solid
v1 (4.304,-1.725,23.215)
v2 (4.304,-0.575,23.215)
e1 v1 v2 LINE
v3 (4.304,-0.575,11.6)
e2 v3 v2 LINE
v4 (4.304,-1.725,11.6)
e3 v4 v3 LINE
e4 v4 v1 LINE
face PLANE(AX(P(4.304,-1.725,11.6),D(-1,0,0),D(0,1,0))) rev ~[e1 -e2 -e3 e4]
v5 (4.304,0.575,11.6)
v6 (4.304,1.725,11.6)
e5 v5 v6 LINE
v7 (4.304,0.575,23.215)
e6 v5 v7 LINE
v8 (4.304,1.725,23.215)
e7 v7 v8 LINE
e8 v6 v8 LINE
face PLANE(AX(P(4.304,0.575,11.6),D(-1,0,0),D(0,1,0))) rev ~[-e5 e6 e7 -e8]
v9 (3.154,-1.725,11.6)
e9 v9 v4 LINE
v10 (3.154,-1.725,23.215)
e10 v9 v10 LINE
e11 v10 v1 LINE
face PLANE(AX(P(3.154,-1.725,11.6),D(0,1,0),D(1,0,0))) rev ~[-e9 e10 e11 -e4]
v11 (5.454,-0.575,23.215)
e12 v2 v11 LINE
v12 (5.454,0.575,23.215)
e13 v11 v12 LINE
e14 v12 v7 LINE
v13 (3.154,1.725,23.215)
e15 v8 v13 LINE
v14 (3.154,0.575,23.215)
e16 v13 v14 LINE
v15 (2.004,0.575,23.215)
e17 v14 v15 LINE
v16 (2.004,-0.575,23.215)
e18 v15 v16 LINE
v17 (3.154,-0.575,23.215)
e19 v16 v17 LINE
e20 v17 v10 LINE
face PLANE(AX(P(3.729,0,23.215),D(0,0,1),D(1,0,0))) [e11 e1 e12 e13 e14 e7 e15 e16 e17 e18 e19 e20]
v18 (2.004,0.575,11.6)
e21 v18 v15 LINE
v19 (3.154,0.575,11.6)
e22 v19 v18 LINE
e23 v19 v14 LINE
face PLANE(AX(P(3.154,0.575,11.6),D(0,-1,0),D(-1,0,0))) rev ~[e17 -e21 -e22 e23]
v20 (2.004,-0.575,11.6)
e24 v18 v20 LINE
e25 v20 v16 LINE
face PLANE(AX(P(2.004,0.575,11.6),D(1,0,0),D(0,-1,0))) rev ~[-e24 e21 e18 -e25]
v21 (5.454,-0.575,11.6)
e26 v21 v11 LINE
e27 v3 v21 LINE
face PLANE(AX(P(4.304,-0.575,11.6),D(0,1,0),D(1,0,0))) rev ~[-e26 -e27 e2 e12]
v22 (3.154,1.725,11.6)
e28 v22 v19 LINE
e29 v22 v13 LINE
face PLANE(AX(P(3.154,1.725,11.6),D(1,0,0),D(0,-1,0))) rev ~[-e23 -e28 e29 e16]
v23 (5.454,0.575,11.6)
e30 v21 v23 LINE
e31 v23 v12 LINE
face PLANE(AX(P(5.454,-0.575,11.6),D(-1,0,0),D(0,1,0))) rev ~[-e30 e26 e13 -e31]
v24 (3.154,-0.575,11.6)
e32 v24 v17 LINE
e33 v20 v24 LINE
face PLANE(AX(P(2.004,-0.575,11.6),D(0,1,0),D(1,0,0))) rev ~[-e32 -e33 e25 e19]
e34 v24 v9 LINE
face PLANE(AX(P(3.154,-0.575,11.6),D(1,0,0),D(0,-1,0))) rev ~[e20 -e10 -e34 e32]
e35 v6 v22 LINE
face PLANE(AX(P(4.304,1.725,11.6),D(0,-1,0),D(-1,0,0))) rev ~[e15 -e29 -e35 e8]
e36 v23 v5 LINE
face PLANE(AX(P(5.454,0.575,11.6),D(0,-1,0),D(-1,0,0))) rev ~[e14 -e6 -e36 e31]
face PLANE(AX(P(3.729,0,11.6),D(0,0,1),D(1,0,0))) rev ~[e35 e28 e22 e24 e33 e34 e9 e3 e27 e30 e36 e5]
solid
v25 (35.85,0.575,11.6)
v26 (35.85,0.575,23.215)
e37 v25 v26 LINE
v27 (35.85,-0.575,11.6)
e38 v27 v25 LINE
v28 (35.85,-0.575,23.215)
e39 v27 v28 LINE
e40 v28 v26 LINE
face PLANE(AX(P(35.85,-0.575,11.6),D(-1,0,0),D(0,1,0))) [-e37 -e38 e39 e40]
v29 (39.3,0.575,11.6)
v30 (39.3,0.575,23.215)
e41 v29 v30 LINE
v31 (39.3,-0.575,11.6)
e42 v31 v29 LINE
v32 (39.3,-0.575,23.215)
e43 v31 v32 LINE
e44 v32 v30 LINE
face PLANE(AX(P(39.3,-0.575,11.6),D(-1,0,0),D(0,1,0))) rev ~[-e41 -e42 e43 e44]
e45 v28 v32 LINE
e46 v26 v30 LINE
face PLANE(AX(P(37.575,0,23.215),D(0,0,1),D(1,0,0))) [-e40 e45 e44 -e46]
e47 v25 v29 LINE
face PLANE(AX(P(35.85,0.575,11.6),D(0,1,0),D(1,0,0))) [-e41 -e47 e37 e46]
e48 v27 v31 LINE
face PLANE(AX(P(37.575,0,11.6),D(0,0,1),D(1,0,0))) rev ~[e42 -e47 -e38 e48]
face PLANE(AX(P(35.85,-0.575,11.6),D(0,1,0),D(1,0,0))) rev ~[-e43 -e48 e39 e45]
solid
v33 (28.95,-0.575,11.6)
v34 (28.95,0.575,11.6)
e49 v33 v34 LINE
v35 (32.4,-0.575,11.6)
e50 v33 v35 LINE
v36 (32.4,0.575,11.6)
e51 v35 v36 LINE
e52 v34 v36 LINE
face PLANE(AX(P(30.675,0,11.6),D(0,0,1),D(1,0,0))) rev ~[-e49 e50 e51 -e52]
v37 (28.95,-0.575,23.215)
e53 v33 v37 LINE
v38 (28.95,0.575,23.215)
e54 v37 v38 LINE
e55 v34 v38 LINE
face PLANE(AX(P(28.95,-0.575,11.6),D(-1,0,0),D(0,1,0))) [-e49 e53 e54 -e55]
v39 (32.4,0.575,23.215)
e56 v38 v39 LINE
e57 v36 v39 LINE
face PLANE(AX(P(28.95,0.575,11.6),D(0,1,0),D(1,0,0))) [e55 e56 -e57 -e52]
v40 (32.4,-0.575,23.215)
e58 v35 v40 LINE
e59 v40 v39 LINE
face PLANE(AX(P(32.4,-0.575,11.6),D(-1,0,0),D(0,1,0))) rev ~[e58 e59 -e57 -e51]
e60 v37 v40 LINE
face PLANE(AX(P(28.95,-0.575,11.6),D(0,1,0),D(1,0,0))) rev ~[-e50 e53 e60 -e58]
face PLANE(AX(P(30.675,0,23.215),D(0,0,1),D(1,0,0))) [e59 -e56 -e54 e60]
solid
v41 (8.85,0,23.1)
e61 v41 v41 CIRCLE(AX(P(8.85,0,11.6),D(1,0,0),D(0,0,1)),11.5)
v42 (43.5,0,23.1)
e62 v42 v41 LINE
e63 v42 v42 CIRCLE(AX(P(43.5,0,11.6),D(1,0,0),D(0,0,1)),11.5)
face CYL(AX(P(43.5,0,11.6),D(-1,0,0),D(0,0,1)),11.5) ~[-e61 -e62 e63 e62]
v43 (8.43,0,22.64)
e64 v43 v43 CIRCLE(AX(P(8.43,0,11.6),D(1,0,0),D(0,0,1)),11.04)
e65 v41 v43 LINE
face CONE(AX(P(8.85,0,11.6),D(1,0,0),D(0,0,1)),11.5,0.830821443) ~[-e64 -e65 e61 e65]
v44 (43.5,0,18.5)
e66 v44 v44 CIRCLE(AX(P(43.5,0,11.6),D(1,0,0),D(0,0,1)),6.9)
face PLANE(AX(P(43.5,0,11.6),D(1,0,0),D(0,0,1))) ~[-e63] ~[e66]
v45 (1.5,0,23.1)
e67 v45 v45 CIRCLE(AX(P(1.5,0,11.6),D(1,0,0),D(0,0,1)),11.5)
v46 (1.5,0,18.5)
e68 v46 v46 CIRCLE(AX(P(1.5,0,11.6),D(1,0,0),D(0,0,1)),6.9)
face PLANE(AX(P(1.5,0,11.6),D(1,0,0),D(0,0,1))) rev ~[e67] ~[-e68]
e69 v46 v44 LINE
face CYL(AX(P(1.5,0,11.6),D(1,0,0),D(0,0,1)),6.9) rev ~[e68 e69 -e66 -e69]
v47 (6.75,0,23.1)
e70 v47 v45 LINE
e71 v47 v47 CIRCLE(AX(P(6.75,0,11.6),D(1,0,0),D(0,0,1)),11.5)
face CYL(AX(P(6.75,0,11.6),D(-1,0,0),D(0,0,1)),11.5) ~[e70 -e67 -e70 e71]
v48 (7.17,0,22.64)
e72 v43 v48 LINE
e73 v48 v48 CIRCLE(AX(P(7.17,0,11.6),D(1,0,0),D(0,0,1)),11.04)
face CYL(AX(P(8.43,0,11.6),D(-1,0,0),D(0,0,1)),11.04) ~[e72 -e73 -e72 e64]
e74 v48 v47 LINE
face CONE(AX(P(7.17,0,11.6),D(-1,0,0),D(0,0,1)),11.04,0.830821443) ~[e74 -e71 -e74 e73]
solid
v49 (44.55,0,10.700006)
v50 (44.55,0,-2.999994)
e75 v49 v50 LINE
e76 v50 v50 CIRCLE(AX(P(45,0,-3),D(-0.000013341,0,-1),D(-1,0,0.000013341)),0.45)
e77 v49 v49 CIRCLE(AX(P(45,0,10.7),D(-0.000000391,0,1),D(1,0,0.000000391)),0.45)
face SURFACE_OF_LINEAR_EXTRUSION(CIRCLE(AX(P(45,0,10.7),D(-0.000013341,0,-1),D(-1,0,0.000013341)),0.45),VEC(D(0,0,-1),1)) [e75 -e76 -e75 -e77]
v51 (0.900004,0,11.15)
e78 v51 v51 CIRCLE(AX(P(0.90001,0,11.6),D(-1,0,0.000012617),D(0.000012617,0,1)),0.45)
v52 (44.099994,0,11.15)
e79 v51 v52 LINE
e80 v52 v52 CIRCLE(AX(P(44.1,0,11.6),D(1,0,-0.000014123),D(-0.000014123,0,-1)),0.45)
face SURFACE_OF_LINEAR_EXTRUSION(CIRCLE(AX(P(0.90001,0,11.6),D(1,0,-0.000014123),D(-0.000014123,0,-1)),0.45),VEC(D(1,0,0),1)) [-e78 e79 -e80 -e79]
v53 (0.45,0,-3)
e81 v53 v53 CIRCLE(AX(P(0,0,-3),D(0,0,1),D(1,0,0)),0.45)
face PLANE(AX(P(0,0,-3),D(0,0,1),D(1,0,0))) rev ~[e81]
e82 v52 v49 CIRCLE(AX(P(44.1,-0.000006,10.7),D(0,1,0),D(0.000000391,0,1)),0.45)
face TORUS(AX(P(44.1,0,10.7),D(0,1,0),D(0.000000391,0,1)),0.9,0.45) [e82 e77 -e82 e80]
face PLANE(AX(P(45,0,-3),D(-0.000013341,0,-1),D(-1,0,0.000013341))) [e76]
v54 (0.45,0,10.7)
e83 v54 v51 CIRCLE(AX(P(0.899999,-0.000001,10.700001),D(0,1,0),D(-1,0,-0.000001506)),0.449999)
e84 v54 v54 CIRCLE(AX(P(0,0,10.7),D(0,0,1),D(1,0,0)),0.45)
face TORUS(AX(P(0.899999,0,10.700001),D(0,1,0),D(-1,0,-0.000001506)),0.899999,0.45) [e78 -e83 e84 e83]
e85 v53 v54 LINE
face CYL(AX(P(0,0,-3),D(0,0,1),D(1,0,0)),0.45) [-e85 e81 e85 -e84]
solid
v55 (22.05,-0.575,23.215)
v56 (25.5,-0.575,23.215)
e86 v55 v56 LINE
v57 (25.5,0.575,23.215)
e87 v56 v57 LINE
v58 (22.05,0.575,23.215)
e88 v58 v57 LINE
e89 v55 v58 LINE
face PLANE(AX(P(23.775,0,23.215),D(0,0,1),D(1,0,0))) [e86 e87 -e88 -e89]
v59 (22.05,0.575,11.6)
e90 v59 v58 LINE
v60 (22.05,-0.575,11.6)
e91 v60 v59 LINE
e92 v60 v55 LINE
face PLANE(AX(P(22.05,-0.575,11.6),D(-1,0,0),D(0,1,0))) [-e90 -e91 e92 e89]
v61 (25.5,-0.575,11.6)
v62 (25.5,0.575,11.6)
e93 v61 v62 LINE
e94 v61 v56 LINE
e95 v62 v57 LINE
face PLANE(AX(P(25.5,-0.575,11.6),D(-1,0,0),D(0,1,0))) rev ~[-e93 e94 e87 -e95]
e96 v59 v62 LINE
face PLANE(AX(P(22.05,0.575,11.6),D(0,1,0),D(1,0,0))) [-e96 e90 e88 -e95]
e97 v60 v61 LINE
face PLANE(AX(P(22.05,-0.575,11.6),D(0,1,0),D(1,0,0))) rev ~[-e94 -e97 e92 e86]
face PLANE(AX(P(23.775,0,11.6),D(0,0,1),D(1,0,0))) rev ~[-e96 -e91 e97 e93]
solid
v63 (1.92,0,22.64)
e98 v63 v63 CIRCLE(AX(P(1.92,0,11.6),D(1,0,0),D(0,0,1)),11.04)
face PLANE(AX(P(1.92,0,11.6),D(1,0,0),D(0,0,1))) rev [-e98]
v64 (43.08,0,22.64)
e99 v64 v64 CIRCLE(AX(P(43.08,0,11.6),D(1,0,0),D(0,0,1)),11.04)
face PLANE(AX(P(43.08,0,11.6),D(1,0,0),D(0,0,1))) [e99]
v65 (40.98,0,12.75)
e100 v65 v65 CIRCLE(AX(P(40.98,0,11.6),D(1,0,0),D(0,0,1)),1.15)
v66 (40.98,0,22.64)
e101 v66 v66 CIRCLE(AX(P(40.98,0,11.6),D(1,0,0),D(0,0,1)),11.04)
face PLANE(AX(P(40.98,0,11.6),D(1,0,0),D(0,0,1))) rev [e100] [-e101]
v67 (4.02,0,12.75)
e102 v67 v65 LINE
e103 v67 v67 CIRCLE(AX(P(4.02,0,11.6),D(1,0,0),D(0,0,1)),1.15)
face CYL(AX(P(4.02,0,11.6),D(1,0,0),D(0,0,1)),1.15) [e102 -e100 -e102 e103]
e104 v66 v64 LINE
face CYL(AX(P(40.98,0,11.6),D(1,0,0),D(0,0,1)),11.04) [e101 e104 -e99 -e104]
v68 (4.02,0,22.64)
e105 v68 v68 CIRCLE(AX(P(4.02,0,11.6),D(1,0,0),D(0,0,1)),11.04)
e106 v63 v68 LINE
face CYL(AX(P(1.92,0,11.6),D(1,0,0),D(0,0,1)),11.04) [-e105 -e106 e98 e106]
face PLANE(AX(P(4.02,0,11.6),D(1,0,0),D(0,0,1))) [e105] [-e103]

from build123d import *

# Parameters (mm, degrees)
SKETCH_R    = 0.45
SKETCH004_W = 3.45
SKETCH004_H = 1.15
PAD_DEPTH   = 11.615


with BuildPart() as sweep_body:
    # Sweep: sweep along a path in Sketch001
    with BuildLine(Plane.XZ) as sweep_path:
        Line((0, -3), (0, 10.7))
        ThreePointArc((0, 10.7), (0.263607, 11.3364), (0.90001, 11.6))
        Line((0.90001, 11.6), (44.1, 11.6))
        ThreePointArc((44.1, 11.6), (44.736396, 11.336396), (45, 10.7))
        Line((45, 10.7), (45, -3))
    # Sketch → Sweep (sweep)
    with BuildSketch(Plane.XY.offset(-2)):
        Circle(SKETCH_R)
    sweep(path=sweep_path.line)


with BuildPart() as revolution:
    # Sketch002 → Revolution (revolve)
    with BuildSketch(Plane.XZ):
        Polygon((1.5, 23.1), (1.5, 18.5), (43.5, 18.5), (43.5, 23.1), (8.85, 23.1), (8.43, 22.64), (7.17, 22.64), (6.75, 23.1), align=None)
    revolve(axis=Axis((6.97588, 0, 11.6), (1, 0, 0)))


with BuildPart() as revolution001:
    # Sketch003 → Revolution001 (revolve)
    with BuildSketch(Plane.XZ):
        Polygon((1.92, 22.64), (4.02, 22.64), (4.02, 12.75), (40.98, 12.75), (40.98, 22.64), (43.08, 22.64), (43.08, 11.6), (1.92, 11.6), align=None)
    revolve(axis=Axis((6.97588, 0, 11.6), (1, 0, 0)))


with BuildPart() as pad:
    # Sketch004 → Pad (new body)
    with BuildSketch(Plane.XY.offset(11.6)):
        with Locations((37.575, 0)):
            Rectangle(SKETCH004_W, SKETCH004_H)
        with Locations((30.675, 0)):
            Rectangle(SKETCH004_W, SKETCH004_H)
        with Locations((23.775, 0)):
            Rectangle(SKETCH004_W, SKETCH004_H)
        Polygon((3.154, 0.575), (2.004, 0.575), (2.004, -0.575), (3.154, -0.575), (3.154, -1.725), (4.304, -1.725), (4.304, -0.575), (5.454, -0.575), (5.454, 0.575), (4.304, 0.575), (4.304, 1.725), (3.154, 1.725), align=None)
    extrude(amount=PAD_DEPTH)


solid = Compound([sweep_body.part, revolution.part, revolution001.part, pad.part])
